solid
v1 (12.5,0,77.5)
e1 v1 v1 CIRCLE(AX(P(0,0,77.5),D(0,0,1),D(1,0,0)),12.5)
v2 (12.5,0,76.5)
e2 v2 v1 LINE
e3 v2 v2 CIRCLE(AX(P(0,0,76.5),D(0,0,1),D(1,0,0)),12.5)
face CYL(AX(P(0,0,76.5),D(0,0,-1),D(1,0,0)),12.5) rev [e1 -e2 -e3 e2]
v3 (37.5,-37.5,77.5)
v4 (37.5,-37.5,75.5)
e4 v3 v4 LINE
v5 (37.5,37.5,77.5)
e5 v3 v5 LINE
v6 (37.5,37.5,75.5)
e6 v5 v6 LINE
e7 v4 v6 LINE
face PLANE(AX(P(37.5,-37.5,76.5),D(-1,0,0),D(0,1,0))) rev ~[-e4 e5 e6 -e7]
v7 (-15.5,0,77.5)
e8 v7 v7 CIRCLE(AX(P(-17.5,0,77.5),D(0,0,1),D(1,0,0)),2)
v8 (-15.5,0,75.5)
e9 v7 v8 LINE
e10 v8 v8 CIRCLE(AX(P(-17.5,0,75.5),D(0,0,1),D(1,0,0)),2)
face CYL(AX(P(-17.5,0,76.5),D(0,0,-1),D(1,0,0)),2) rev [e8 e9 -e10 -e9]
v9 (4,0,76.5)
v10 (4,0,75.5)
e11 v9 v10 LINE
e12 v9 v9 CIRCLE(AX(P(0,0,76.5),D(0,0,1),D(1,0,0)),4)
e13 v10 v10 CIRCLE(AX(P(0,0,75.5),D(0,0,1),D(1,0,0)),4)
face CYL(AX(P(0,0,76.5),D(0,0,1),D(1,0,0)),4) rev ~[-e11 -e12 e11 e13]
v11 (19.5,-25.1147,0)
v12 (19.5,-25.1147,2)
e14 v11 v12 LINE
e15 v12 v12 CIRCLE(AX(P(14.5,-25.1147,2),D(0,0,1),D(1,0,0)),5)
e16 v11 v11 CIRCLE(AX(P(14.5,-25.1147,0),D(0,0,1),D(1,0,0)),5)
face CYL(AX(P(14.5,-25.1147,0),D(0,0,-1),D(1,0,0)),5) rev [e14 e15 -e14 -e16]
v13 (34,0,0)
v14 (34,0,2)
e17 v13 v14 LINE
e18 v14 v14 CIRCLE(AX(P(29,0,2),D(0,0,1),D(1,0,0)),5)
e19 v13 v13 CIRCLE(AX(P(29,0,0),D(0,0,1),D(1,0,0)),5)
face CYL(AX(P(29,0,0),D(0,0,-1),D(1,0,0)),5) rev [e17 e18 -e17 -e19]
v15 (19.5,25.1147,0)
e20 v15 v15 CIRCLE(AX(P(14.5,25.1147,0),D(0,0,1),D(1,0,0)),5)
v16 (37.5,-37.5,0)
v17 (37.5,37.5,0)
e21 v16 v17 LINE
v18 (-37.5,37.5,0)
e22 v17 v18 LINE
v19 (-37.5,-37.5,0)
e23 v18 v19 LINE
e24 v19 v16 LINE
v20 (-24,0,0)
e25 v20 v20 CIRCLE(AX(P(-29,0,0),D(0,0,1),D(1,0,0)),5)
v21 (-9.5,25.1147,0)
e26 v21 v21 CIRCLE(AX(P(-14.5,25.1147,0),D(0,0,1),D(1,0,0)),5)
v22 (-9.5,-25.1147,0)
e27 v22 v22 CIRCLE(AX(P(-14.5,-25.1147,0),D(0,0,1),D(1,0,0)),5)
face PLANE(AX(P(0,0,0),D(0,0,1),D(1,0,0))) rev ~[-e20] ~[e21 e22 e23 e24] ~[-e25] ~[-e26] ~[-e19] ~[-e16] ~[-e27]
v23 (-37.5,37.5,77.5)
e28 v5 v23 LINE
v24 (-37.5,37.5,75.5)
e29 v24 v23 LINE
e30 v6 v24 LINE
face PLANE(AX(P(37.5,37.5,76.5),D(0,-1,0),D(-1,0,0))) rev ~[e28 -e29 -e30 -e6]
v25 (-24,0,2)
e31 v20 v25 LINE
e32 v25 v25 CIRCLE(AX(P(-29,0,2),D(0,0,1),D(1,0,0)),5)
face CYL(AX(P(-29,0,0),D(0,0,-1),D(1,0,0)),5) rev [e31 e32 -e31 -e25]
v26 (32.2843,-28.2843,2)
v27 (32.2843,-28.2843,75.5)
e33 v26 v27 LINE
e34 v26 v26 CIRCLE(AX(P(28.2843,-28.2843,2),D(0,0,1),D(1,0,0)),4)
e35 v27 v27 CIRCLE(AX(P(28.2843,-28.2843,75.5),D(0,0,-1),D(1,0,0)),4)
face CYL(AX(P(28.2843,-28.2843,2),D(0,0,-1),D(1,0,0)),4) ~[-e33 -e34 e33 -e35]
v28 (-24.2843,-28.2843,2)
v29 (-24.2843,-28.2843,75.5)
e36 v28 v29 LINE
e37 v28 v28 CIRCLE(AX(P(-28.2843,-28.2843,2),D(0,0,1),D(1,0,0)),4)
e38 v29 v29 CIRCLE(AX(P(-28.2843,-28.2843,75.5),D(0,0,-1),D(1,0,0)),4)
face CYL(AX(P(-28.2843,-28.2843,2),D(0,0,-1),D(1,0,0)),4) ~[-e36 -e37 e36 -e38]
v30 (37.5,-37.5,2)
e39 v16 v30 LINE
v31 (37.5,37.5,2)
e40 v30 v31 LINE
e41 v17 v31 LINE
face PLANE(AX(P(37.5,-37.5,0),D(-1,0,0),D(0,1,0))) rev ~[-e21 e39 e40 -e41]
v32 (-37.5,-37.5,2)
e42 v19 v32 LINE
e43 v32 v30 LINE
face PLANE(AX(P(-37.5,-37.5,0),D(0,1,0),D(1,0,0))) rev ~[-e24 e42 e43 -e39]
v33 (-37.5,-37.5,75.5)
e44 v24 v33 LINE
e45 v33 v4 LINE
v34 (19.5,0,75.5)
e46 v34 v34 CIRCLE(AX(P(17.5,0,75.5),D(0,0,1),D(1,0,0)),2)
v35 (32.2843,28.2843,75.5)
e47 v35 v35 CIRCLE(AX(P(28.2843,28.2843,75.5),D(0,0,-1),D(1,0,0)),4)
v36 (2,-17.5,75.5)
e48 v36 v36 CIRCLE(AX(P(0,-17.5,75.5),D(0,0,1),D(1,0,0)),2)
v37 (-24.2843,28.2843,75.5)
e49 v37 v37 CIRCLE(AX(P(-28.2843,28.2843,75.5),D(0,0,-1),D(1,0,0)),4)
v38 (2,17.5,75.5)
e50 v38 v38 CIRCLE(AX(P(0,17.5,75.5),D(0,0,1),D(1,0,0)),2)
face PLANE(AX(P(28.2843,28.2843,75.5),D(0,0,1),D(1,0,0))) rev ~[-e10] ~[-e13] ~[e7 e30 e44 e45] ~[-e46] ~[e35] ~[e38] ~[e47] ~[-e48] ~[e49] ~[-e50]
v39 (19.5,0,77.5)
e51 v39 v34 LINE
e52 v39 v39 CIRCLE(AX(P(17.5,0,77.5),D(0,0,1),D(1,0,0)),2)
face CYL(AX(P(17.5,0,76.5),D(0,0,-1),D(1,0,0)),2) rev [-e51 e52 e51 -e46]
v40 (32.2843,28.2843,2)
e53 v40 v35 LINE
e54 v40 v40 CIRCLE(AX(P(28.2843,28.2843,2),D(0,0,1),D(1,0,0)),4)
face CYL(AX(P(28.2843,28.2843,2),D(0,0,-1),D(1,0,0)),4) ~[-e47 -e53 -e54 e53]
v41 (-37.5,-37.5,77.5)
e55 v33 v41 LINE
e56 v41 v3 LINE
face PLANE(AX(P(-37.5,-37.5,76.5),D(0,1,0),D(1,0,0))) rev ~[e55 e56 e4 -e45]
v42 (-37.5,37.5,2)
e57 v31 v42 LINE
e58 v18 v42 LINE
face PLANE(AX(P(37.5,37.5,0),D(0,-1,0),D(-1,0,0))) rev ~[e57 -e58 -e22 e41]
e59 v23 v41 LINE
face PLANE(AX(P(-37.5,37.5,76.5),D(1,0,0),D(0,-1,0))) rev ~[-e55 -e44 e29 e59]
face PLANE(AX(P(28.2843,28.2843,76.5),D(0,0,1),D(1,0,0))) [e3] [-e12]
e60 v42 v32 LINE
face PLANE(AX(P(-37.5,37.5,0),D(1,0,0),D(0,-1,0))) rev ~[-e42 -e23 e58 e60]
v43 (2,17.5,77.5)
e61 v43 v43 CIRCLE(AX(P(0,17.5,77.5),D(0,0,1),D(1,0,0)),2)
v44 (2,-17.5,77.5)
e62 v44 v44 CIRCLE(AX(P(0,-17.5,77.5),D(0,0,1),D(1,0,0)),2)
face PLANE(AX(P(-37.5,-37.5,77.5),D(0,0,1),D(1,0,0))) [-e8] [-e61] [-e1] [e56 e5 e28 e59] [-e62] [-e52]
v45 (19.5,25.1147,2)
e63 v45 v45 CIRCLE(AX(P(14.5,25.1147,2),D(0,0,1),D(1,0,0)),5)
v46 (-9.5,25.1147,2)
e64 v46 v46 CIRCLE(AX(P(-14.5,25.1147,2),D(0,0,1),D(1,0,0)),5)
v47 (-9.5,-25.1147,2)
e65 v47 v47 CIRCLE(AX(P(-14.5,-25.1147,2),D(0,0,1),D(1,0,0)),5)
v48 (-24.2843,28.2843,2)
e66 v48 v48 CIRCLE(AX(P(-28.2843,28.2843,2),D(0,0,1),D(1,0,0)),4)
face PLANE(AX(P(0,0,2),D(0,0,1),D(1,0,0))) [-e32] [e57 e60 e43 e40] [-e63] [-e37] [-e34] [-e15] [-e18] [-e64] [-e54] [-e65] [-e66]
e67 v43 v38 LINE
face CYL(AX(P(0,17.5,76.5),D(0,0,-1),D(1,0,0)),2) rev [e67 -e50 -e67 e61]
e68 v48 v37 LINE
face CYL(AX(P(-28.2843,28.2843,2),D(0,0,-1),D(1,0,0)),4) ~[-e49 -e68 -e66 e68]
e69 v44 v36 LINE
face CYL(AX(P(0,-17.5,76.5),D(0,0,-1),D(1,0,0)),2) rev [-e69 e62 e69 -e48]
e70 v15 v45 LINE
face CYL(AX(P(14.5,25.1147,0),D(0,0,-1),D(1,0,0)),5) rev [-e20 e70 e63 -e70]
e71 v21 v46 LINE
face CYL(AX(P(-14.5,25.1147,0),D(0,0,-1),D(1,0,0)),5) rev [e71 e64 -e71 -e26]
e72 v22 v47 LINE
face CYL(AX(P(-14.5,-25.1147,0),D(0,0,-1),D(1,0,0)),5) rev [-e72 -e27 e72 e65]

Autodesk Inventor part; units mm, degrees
ref_plane "YZ Plane" through (0, 0, 0) normal (1, 0, 0) x (0, 1, 0)
ref_plane "XZ Plane" through (0, 0, 0) normal (0, 1, 0) x (-1, 0, 0)
ref_plane "Work Plane1" through (0, 0, 0) normal (0, 0, 1) x (1, 0, 0)
sketch "Sketch1" plane through (0, 0, 0) normal (0, 0, 1) x (1, 0, 0)
  line L0 (-37.5, -37.5) -> (37.5, -37.5)
  line L1 (37.5, -37.5) -> (37.5, 37.5)
  line L2 (37.5, 37.5) -> (-37.5, 37.5)
  line L3 (-37.5, 37.5) -> (-37.5, -37.5)
  line L4 (-37.5, -37.5) -> (37.5, 37.5) construction
  line L5 (37.5, -37.5) -> (-37.5, 37.5) construction
  circle A0 centre (14.5, 25.1147) radius 5 projected
  circle A1 centre (-14.5, 25.1147) radius 5 projected
  circle A2 centre (-29, 0) radius 5 projected
  circle A3 centre (29, 0) radius 5 projected
  circle A4 centre (14.5, -25.1147) radius 5 projected
  circle A5 centre (-14.5, -25.1147) radius 5 projected
  point P0 (0, 0)
  dimension "d0" = 75
extrude "Extrusion1" add sketch "Sketch1" along normal blind 2
sketch "Sketch2" plane through (0, 0, 2) normal (0, 0, 1) x (1, 0, 0)
  circle A0 centre (0, 0) radius 40 construction
  line L0 (28.2843, -28.2843) -> (-28.2843, -28.2843) construction
  line L1 (-28.2843, -28.2843) -> (-28.2843, 28.2843) construction
  line L2 (-28.2843, 28.2843) -> (28.2843, 28.2843) construction
  line L3 (28.2843, 28.2843) -> (28.2843, -28.2843) construction
  line L4 (28.2843, -28.2843) -> (-28.2843, 28.2843) construction
  line L5 (-28.2843, -28.2843) -> (28.2843, 28.2843) construction
  circle A1 centre (-28.2843, 28.2843) radius 4
  circle A2 centre (-28.2843, -28.2843) radius 4
  circle A3 centre (28.2843, -28.2843) radius 4
  circle A4 centre (28.2843, 28.2843) radius 4
  dimension "d3" = 80
  dimension "d4" = 8
  dimension "d7" = 360
ref_plane "Work Plane2" through (-15.0271, -15.0271, 76.5) normal (0, 0, -1) x (0, 1, 0)
extrude "Extrusion2" add sketch "Sketch2" along normal up to surface (74.5 mm away)
sketch "Sketch3" plane through (28.2843, 28.2843, 76.5) normal (0, 0, 1) x (1, 0, 0)
  circle A0 centre (-45.7843, -28.2843) radius 2 projected
  circle A1 centre (-28.2843, -10.7843) radius 2 projected
  circle A2 centre (-28.2843, -45.7843) radius 2 projected
  circle A3 centre (-10.7843, -28.2843) radius 2 projected
  circle A4 centre (-28.2843, -28.2843) radius 4 projected
  line L0 (-65.7843, 9.2157) -> (-65.7843, -65.7843) projected
  line L1 (9.2157, 9.2157) -> (-65.7843, 9.2157) projected
  line L2 (9.2157, -65.7843) -> (9.2157, 9.2157) projected
  line L3 (-65.7843, -65.7843) -> (9.2157, -65.7843) projected
  point P0 (-28.2843, -28.2843)
extrude "Extrusion3" add sketch "Sketch3" against normal blind 1
sketch "Sketch4" plane through (-37.5, -37.5, 76.5) normal (0, 0, 1) x (1, 0, 0)
  line L0 (0, 75) -> (0, 0) projected
  line L1 (0, 0) -> (75, 0) projected
  line L2 (75, 0) -> (75, 75) projected
  line L3 (75, 75) -> (0, 75) projected
  circle A0 centre (20, 37.5) radius 2 projected
  circle A1 centre (37.5, 55) radius 2 projected
  circle A2 centre (37.5, 20) radius 2 projected
  circle A3 centre (55, 37.5) radius 2 projected
  circle A4 centre (37.5, 37.5) radius 4 projected
  circle A5 centre (37.5, 37.5) radius 12.5 projected
  point P0 (37.5, 37.5)
extrude "Extrusion4" add sketch "Sketch4" along normal blind 1 contours L3 L2 L1 L0
properties part number "mega troque motor to nmrv-50 flange"
